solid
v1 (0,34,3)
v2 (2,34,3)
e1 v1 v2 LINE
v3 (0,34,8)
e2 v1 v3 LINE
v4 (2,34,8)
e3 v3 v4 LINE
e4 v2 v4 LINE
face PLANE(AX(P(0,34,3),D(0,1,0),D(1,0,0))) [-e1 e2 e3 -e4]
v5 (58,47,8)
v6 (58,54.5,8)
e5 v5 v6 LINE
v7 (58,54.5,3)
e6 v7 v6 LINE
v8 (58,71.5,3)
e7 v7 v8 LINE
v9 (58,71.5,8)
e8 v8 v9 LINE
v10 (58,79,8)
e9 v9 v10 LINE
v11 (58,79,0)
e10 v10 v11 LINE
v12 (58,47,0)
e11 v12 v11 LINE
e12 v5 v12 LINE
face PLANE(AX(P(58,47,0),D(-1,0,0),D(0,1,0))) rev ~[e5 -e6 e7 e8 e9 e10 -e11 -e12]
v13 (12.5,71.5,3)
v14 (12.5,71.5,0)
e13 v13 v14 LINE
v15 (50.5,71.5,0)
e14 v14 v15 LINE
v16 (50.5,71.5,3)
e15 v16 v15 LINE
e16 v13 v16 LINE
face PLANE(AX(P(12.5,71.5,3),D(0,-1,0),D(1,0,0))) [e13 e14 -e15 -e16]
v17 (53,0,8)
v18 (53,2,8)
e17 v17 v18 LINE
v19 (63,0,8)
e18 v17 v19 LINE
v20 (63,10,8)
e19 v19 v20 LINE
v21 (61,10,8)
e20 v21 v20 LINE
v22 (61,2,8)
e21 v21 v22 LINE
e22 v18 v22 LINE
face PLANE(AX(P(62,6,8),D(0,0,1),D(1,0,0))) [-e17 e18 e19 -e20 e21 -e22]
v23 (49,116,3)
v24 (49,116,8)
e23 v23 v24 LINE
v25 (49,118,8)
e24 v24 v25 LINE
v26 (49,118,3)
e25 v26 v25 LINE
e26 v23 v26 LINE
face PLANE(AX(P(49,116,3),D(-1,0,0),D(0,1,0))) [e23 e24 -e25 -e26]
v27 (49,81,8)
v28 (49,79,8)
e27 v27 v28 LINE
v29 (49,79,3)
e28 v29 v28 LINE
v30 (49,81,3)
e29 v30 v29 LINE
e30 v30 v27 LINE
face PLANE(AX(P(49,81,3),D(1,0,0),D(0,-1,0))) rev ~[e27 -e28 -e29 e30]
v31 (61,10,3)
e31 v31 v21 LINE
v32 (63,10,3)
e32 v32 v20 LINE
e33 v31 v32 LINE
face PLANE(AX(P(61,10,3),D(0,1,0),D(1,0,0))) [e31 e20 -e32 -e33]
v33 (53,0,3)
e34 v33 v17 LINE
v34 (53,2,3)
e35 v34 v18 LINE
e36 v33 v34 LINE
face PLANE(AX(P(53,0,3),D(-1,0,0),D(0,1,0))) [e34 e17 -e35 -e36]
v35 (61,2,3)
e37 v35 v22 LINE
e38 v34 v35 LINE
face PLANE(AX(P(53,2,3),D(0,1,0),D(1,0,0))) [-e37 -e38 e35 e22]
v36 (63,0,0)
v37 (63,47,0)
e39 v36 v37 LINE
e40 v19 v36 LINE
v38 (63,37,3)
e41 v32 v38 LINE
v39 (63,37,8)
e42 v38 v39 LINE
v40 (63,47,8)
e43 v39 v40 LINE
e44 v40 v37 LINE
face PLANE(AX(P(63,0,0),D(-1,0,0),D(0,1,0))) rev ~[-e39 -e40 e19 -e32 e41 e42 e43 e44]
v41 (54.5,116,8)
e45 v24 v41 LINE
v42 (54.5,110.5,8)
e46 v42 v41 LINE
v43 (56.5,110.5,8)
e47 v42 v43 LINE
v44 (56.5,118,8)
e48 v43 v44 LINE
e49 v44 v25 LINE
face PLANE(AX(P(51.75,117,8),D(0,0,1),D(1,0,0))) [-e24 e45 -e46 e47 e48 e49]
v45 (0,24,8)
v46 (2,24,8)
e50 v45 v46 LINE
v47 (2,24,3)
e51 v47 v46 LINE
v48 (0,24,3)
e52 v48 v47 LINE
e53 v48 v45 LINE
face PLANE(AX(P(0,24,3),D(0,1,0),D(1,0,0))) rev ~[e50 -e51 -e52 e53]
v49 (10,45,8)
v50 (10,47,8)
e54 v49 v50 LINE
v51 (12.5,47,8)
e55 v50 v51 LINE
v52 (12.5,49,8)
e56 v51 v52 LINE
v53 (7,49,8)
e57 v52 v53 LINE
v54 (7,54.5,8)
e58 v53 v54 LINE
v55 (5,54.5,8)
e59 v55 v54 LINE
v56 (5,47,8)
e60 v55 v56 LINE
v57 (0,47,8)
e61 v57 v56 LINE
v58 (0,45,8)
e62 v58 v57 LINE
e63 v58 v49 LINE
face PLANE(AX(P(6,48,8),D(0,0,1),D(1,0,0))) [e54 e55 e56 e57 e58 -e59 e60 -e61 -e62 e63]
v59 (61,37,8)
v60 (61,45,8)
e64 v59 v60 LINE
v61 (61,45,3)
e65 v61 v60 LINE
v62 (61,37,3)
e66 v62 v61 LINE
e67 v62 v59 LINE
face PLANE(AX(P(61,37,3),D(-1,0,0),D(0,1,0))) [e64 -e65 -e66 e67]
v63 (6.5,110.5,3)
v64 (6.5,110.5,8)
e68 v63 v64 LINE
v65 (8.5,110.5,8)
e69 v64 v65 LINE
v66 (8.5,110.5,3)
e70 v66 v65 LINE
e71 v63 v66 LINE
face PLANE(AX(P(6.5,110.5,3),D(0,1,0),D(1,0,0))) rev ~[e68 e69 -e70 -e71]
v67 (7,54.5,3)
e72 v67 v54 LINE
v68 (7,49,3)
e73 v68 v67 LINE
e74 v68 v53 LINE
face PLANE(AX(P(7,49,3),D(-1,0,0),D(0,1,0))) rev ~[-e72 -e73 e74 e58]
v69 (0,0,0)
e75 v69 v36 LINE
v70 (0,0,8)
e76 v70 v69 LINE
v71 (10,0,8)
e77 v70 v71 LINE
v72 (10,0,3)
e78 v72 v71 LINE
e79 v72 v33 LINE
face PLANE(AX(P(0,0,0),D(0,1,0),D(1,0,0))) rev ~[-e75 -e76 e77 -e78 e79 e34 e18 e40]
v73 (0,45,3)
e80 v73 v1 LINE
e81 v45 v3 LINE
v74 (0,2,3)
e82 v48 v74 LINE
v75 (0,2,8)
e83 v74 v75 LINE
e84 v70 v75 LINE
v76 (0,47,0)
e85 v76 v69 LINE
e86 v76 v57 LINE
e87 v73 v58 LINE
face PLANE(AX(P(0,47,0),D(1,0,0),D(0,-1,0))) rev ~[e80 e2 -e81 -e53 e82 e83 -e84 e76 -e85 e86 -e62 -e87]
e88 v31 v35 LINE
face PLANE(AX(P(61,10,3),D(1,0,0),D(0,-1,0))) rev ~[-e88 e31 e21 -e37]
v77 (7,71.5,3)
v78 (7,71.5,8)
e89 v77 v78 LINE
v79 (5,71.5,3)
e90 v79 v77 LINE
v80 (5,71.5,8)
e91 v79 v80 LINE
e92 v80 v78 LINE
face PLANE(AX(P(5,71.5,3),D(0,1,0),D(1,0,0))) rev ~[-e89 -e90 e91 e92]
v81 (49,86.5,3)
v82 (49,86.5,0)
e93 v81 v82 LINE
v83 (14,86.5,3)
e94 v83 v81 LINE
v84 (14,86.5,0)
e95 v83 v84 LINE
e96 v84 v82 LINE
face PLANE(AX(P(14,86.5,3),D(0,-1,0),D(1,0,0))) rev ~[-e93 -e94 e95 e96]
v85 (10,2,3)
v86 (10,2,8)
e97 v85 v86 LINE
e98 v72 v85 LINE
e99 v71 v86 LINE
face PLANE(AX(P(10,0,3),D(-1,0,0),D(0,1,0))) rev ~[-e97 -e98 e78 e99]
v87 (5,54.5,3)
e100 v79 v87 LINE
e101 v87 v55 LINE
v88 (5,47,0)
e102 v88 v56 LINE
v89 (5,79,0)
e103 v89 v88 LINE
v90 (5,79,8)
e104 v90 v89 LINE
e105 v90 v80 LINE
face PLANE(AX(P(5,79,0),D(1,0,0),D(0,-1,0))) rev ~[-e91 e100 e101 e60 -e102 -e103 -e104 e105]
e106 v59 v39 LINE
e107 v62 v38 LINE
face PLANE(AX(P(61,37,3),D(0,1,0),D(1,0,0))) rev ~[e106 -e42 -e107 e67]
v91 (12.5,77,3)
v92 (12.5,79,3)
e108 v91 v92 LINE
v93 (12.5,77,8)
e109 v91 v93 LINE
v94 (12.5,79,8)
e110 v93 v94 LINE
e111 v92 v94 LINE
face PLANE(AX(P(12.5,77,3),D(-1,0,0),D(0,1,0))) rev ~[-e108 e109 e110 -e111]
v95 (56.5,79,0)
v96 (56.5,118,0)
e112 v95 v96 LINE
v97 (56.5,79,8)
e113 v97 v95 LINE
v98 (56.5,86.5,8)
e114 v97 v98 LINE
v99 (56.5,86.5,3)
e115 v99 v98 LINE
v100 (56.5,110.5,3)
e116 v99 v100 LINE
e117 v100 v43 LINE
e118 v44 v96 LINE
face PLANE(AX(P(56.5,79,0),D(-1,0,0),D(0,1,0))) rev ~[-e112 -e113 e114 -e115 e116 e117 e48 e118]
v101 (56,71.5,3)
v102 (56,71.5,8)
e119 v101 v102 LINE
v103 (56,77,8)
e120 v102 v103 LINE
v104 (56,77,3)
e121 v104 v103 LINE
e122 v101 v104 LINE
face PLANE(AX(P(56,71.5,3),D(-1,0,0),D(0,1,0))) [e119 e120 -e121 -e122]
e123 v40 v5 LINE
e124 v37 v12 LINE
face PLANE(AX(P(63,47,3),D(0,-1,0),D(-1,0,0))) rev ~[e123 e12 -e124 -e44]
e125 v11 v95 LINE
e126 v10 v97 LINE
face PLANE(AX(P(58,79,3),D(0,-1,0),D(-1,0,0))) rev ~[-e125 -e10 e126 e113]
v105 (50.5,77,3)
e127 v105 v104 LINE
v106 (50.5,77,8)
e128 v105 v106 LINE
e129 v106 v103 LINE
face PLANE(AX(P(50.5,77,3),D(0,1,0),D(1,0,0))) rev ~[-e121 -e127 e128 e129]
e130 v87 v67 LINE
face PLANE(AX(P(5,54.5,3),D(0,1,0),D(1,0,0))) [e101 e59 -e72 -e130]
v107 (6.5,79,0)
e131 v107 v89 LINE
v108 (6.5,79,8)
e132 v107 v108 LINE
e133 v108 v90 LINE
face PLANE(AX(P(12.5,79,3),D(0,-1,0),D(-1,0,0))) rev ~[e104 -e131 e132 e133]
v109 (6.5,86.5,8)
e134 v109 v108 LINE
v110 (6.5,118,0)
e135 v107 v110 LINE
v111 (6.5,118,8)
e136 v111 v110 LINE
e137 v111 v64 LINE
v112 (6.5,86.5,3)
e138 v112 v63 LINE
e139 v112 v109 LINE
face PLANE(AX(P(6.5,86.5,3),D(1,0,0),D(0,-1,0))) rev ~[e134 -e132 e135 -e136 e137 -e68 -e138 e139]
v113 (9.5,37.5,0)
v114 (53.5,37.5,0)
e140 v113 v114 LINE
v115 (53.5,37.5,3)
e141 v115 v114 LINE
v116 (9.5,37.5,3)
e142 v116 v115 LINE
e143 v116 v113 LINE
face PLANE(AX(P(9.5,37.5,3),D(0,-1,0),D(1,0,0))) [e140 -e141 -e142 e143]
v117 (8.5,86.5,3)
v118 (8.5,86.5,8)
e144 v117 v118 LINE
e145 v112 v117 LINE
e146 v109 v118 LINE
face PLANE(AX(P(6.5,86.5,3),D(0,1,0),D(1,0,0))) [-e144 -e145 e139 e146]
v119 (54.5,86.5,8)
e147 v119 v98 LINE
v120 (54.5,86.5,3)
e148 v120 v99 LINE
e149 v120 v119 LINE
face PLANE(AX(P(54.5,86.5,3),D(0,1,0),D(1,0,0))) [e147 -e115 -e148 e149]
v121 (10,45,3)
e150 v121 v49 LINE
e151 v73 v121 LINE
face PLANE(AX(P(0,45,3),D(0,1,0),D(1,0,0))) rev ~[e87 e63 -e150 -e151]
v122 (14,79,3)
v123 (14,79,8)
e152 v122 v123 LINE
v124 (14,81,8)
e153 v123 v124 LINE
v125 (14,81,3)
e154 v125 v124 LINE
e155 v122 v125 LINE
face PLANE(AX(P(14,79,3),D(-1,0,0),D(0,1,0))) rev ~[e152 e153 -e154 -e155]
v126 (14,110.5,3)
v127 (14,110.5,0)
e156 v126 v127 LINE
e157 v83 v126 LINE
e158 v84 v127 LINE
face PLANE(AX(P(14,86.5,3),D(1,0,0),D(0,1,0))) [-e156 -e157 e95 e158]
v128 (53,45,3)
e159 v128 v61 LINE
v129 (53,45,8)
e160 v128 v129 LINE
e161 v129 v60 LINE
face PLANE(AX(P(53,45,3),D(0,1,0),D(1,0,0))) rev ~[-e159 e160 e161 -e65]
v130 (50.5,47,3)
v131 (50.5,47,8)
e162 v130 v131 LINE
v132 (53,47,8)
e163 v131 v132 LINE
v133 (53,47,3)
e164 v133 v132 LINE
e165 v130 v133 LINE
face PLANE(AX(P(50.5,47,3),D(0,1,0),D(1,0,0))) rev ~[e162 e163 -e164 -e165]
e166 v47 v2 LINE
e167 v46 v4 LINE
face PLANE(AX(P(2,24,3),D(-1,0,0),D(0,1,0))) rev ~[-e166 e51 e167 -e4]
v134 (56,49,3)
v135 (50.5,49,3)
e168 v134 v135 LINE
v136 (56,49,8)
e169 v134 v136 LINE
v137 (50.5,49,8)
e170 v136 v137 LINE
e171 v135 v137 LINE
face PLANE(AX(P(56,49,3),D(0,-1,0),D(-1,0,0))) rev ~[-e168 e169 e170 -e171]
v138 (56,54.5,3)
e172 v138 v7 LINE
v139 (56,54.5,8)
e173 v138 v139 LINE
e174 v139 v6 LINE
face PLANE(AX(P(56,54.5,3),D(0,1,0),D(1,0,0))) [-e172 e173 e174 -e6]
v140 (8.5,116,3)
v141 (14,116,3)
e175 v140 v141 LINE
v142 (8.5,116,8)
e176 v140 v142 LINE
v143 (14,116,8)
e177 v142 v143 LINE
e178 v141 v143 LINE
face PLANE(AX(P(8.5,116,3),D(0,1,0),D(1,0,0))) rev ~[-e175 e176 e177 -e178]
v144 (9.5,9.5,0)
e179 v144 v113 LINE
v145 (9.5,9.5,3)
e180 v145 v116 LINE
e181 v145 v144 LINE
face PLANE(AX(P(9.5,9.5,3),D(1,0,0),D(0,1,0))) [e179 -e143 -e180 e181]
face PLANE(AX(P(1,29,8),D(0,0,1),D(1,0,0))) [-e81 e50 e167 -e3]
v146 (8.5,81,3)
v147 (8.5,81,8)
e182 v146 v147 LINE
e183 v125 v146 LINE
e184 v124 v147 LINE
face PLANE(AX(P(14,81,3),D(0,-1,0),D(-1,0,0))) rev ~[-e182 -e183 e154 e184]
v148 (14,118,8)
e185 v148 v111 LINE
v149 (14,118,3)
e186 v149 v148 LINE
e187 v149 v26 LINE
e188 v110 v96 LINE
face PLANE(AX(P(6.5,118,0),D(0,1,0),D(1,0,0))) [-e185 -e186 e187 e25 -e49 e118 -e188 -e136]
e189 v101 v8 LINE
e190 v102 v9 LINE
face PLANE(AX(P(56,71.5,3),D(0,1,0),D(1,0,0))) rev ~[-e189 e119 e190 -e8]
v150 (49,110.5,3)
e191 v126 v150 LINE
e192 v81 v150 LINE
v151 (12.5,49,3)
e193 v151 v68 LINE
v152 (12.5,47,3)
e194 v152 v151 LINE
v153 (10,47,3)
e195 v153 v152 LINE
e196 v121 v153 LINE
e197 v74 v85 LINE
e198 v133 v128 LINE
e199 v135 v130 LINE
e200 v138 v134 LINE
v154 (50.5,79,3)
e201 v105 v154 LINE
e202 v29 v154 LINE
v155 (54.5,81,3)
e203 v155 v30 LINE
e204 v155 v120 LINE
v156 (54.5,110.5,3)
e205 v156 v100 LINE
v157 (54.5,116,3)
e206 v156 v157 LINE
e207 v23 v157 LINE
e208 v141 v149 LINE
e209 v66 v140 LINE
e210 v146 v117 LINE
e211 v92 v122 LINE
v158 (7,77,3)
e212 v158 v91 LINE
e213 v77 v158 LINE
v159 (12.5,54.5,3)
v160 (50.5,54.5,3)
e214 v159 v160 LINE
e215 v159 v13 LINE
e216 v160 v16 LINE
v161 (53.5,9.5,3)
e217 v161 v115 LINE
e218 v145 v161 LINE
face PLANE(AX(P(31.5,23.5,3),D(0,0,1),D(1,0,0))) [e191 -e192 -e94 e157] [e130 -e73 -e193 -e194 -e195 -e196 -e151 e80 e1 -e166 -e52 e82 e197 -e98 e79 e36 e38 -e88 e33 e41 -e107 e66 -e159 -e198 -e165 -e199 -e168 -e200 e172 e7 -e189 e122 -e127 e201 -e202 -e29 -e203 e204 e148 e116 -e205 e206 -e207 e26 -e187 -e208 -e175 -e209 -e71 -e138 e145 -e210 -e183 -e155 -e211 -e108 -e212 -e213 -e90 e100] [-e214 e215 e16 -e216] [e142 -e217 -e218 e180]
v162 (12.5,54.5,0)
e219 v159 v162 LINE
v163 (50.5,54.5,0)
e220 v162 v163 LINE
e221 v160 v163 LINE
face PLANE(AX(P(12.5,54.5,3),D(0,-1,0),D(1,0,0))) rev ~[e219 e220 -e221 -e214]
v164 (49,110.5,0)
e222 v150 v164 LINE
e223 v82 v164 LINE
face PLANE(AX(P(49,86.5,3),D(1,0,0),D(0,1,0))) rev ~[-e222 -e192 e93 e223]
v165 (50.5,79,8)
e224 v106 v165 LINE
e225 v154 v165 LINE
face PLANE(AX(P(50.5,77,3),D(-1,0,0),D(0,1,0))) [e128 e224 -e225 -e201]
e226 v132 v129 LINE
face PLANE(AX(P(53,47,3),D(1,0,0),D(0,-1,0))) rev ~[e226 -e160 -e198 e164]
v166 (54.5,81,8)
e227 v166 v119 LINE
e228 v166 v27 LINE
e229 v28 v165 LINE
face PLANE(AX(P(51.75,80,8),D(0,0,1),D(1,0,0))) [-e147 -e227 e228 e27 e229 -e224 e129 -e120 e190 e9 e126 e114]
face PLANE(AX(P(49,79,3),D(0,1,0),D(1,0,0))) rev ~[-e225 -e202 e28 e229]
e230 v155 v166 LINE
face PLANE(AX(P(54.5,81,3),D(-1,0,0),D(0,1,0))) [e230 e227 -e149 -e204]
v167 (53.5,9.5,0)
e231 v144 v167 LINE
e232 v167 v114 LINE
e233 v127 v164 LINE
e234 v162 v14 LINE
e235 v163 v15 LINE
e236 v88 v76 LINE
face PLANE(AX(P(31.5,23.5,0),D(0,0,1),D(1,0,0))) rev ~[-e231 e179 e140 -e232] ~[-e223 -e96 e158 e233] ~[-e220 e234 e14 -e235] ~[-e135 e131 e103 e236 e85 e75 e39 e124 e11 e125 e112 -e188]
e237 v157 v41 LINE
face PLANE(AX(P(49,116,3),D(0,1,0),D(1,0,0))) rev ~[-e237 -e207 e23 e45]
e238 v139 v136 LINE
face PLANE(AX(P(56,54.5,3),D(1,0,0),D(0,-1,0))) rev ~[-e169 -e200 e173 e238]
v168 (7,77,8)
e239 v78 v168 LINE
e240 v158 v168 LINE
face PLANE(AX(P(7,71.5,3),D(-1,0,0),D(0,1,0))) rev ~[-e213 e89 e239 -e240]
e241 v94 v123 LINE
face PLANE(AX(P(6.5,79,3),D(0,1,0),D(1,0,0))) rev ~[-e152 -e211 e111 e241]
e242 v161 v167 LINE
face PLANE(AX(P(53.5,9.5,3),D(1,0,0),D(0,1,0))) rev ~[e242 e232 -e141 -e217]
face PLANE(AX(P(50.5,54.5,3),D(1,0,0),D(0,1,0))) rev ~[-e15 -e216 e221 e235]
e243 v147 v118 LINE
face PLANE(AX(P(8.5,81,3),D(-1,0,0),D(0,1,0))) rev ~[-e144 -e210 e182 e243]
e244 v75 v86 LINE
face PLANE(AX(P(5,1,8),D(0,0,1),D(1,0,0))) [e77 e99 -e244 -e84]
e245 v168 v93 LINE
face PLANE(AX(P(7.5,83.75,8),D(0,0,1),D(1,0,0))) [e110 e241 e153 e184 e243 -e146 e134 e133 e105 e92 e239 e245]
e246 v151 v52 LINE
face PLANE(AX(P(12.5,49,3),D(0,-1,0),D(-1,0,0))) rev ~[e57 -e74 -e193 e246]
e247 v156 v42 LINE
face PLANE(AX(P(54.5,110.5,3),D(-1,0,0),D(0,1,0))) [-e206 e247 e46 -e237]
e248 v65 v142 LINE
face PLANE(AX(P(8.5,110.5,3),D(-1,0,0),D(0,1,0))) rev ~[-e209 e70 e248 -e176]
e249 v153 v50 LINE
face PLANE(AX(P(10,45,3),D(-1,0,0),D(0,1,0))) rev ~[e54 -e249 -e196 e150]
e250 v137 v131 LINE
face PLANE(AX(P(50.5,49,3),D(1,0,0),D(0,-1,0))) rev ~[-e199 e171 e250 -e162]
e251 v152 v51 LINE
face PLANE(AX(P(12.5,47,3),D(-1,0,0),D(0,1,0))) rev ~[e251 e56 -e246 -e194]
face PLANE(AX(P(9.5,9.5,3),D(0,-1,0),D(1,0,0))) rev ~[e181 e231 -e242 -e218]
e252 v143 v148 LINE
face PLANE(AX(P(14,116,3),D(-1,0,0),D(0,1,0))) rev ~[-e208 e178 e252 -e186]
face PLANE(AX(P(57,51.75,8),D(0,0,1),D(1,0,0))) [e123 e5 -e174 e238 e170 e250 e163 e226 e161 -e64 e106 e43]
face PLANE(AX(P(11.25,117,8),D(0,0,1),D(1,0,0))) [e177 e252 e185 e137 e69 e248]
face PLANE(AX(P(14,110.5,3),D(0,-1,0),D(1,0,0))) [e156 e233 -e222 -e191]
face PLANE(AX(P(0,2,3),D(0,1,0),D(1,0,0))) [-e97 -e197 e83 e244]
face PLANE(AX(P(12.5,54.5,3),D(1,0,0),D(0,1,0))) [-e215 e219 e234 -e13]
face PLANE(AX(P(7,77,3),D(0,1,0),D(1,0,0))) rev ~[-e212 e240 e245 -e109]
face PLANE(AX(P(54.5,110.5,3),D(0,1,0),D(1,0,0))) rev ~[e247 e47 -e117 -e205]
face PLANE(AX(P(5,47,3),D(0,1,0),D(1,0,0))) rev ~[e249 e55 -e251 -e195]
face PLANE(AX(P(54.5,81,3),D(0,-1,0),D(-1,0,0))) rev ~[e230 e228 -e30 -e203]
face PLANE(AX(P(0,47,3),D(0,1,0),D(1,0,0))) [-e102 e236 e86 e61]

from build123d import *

# Parameters (mm, degrees)
SKETCH1_W           = 50
SKETCH1_H           = 39
BOSS_EXTRUDE1_DEPTH = 3
SKETCH2_W           = 2
SKETCH2_H           = 2
SKETCH2_H_2         = 8
SKETCH2_W_2         = 8
SKETCH2_W_3         = 10
SKETCH2_H_3         = 10
BOSS_EXTRUDE2_DEPTH = 5
SKETCH3_W           = 44
SKETCH3_H           = 28
CUT_EXTRUDE1_DEPTH  = 5
SKETCH4_W           = 2
SKETCH4_H           = 2
SKETCH4_H_2         = 5.5
SKETCH4_W_2         = 5.5
BOSS_EXTRUDE3_DEPTH = 5
SKETCH5_W           = 2
SKETCH5_H           = 5.5
SKETCH5_H_2         = 2
SKETCH5_W_2         = 5.5
BOSS_EXTRUDE4_DEPTH = 5
SKETCH6_W           = 38
SKETCH6_H           = 17
CUT_EXTRUDE2_DEPTH  = 5
SKETCH7_W           = 35
SKETCH7_H           = 24
CUT_EXTRUDE3_DEPTH  = 5


with BuildPart() as part:
    # Sketch1 → Boss-Extrude1 (new body)
    with BuildSketch(Plane.XY):
        Polygon((5, 47), (0, 47), (0, 0), (63, 0), (63, 47), (58, 47), align=None)
        Polygon((5, 79), (5, 47), (58, 47), (58, 79), (56.5, 79), (6.5, 79), align=None)
        with Locations((31.5, 98.5)):
            Rectangle(SKETCH1_W, SKETCH1_H)
    extrude(amount=BOSS_EXTRUDE1_DEPTH)

    # Sketch2 → Boss-Extrude2 (add)
    with BuildSketch(Plane.XY.offset(3)):
        Polygon((53, 45), (61, 45), (61, 47), (58, 47), (53, 47), align=None)
        with Locations((62, 46)):
            Rectangle(SKETCH2_W, SKETCH2_H)
        with Locations((62, 41)):
            Rectangle(SKETCH2_W, SKETCH2_H_2)
        with Locations((62, 6)):
            Rectangle(SKETCH2_W, SKETCH2_H_2)
        with Locations((62, 1)):
            Rectangle(SKETCH2_W, SKETCH2_H)
        with Locations((57, 1)):
            Rectangle(SKETCH2_W_2, SKETCH2_H)
        with Locations((5, 1)):
            Rectangle(SKETCH2_W_3, SKETCH2_H)
        with Locations((5, 46)):
            Rectangle(SKETCH2_W_3, SKETCH2_H)
        with Locations((1, 29)):
            Rectangle(SKETCH2_W, SKETCH2_H_3)
    extrude(amount=BOSS_EXTRUDE2_DEPTH)

    # Sketch3 → Cut-Extrude1 (cut)
    with BuildSketch(Plane.XY.offset(3)):
        with Locations((31.5, 23.5)):
            Rectangle(SKETCH3_W, SKETCH3_H)
    extrude(amount=-CUT_EXTRUDE1_DEPTH, mode=Mode.SUBTRACT)

    # Sketch4 → Boss-Extrude3 (add)
    with BuildSketch(Plane.XY.offset(3)):
        with Locations((6, 48)):
            Rectangle(SKETCH4_W, SKETCH4_H)
        with Locations((6, 51.75)):
            Rectangle(SKETCH4_W, SKETCH4_H_2)
        Polygon((7, 49), (7, 47), (10, 47), (12.5, 47), (12.5, 49), align=None)
        with Locations((6, 74.25)):
            Rectangle(SKETCH4_W, SKETCH4_H_2)
        Polygon((5, 79), (5, 77), (7, 77), (7, 79), (6.5, 79), align=None)
        with Locations((9.75, 78)):
            Rectangle(SKETCH4_W_2, SKETCH4_H)
        with Locations((53.25, 78)):
            Rectangle(SKETCH4_W_2, SKETCH4_H)
        Polygon((56, 77), (58, 77), (58, 79), (56.5, 79), (56, 79), align=None)
        with Locations((57, 74.25)):
            Rectangle(SKETCH4_W, SKETCH4_H_2)
        with Locations((57, 51.75)):
            Rectangle(SKETCH4_W, SKETCH4_H_2)
        with Locations((57, 48)):
            Rectangle(SKETCH4_W, SKETCH4_H)
        Polygon((53, 47), (56, 47), (56, 49), (50.5, 49), (50.5, 47), align=None)
    extrude(amount=BOSS_EXTRUDE3_DEPTH)

    # Sketch5 → Boss-Extrude4 (add)
    with BuildSketch(Plane.XY.offset(3)):
        with Locations((7.5, 83.75)):
            Rectangle(SKETCH5_W, SKETCH5_H)
        Polygon((8.5, 81), (8.5, 79), (12.5, 79), (14, 79), (14, 81), align=None)
        with Locations((7.5, 80)):
            Rectangle(SKETCH5_W, SKETCH5_H_2)
        Polygon((54.5, 79), (54.5, 81), (49, 81), (49, 79), (50.5, 79), align=None)
        with Locations((55.5, 80)):
            Rectangle(SKETCH5_W, SKETCH5_H_2)
        with Locations((55.5, 83.75)):
            Rectangle(SKETCH5_W, SKETCH5_H)
        with Locations((51.75, 117)):
            Rectangle(SKETCH5_W_2, SKETCH5_H_2)
        with Locations((55.5, 117)):
            Rectangle(SKETCH5_W, SKETCH5_H_2)
        with Locations((55.5, 113.25)):
            Rectangle(SKETCH5_W, SKETCH5_H)
        with Locations((11.25, 117)):
            Rectangle(SKETCH5_W_2, SKETCH5_H_2)
        with Locations((7.5, 117)):
            Rectangle(SKETCH5_W, SKETCH5_H_2)
        with Locations((7.5, 113.25)):
            Rectangle(SKETCH5_W, SKETCH5_H)
    extrude(amount=BOSS_EXTRUDE4_DEPTH)

    # Sketch6 → Cut-Extrude2 (cut)
    with BuildSketch(Plane.XY.offset(3)):
        with Locations((31.5, 63)):
            Rectangle(SKETCH6_W, SKETCH6_H)
    extrude(amount=-CUT_EXTRUDE2_DEPTH, mode=Mode.SUBTRACT)

    # Sketch7 → Cut-Extrude3 (cut)
    with BuildSketch(Plane.XY.offset(3)):
        with Locations((31.5, 98.5)):
            Rectangle(SKETCH7_W, SKETCH7_H)
    extrude(amount=-CUT_EXTRUDE3_DEPTH, mode=Mode.SUBTRACT)


solid = part.part
